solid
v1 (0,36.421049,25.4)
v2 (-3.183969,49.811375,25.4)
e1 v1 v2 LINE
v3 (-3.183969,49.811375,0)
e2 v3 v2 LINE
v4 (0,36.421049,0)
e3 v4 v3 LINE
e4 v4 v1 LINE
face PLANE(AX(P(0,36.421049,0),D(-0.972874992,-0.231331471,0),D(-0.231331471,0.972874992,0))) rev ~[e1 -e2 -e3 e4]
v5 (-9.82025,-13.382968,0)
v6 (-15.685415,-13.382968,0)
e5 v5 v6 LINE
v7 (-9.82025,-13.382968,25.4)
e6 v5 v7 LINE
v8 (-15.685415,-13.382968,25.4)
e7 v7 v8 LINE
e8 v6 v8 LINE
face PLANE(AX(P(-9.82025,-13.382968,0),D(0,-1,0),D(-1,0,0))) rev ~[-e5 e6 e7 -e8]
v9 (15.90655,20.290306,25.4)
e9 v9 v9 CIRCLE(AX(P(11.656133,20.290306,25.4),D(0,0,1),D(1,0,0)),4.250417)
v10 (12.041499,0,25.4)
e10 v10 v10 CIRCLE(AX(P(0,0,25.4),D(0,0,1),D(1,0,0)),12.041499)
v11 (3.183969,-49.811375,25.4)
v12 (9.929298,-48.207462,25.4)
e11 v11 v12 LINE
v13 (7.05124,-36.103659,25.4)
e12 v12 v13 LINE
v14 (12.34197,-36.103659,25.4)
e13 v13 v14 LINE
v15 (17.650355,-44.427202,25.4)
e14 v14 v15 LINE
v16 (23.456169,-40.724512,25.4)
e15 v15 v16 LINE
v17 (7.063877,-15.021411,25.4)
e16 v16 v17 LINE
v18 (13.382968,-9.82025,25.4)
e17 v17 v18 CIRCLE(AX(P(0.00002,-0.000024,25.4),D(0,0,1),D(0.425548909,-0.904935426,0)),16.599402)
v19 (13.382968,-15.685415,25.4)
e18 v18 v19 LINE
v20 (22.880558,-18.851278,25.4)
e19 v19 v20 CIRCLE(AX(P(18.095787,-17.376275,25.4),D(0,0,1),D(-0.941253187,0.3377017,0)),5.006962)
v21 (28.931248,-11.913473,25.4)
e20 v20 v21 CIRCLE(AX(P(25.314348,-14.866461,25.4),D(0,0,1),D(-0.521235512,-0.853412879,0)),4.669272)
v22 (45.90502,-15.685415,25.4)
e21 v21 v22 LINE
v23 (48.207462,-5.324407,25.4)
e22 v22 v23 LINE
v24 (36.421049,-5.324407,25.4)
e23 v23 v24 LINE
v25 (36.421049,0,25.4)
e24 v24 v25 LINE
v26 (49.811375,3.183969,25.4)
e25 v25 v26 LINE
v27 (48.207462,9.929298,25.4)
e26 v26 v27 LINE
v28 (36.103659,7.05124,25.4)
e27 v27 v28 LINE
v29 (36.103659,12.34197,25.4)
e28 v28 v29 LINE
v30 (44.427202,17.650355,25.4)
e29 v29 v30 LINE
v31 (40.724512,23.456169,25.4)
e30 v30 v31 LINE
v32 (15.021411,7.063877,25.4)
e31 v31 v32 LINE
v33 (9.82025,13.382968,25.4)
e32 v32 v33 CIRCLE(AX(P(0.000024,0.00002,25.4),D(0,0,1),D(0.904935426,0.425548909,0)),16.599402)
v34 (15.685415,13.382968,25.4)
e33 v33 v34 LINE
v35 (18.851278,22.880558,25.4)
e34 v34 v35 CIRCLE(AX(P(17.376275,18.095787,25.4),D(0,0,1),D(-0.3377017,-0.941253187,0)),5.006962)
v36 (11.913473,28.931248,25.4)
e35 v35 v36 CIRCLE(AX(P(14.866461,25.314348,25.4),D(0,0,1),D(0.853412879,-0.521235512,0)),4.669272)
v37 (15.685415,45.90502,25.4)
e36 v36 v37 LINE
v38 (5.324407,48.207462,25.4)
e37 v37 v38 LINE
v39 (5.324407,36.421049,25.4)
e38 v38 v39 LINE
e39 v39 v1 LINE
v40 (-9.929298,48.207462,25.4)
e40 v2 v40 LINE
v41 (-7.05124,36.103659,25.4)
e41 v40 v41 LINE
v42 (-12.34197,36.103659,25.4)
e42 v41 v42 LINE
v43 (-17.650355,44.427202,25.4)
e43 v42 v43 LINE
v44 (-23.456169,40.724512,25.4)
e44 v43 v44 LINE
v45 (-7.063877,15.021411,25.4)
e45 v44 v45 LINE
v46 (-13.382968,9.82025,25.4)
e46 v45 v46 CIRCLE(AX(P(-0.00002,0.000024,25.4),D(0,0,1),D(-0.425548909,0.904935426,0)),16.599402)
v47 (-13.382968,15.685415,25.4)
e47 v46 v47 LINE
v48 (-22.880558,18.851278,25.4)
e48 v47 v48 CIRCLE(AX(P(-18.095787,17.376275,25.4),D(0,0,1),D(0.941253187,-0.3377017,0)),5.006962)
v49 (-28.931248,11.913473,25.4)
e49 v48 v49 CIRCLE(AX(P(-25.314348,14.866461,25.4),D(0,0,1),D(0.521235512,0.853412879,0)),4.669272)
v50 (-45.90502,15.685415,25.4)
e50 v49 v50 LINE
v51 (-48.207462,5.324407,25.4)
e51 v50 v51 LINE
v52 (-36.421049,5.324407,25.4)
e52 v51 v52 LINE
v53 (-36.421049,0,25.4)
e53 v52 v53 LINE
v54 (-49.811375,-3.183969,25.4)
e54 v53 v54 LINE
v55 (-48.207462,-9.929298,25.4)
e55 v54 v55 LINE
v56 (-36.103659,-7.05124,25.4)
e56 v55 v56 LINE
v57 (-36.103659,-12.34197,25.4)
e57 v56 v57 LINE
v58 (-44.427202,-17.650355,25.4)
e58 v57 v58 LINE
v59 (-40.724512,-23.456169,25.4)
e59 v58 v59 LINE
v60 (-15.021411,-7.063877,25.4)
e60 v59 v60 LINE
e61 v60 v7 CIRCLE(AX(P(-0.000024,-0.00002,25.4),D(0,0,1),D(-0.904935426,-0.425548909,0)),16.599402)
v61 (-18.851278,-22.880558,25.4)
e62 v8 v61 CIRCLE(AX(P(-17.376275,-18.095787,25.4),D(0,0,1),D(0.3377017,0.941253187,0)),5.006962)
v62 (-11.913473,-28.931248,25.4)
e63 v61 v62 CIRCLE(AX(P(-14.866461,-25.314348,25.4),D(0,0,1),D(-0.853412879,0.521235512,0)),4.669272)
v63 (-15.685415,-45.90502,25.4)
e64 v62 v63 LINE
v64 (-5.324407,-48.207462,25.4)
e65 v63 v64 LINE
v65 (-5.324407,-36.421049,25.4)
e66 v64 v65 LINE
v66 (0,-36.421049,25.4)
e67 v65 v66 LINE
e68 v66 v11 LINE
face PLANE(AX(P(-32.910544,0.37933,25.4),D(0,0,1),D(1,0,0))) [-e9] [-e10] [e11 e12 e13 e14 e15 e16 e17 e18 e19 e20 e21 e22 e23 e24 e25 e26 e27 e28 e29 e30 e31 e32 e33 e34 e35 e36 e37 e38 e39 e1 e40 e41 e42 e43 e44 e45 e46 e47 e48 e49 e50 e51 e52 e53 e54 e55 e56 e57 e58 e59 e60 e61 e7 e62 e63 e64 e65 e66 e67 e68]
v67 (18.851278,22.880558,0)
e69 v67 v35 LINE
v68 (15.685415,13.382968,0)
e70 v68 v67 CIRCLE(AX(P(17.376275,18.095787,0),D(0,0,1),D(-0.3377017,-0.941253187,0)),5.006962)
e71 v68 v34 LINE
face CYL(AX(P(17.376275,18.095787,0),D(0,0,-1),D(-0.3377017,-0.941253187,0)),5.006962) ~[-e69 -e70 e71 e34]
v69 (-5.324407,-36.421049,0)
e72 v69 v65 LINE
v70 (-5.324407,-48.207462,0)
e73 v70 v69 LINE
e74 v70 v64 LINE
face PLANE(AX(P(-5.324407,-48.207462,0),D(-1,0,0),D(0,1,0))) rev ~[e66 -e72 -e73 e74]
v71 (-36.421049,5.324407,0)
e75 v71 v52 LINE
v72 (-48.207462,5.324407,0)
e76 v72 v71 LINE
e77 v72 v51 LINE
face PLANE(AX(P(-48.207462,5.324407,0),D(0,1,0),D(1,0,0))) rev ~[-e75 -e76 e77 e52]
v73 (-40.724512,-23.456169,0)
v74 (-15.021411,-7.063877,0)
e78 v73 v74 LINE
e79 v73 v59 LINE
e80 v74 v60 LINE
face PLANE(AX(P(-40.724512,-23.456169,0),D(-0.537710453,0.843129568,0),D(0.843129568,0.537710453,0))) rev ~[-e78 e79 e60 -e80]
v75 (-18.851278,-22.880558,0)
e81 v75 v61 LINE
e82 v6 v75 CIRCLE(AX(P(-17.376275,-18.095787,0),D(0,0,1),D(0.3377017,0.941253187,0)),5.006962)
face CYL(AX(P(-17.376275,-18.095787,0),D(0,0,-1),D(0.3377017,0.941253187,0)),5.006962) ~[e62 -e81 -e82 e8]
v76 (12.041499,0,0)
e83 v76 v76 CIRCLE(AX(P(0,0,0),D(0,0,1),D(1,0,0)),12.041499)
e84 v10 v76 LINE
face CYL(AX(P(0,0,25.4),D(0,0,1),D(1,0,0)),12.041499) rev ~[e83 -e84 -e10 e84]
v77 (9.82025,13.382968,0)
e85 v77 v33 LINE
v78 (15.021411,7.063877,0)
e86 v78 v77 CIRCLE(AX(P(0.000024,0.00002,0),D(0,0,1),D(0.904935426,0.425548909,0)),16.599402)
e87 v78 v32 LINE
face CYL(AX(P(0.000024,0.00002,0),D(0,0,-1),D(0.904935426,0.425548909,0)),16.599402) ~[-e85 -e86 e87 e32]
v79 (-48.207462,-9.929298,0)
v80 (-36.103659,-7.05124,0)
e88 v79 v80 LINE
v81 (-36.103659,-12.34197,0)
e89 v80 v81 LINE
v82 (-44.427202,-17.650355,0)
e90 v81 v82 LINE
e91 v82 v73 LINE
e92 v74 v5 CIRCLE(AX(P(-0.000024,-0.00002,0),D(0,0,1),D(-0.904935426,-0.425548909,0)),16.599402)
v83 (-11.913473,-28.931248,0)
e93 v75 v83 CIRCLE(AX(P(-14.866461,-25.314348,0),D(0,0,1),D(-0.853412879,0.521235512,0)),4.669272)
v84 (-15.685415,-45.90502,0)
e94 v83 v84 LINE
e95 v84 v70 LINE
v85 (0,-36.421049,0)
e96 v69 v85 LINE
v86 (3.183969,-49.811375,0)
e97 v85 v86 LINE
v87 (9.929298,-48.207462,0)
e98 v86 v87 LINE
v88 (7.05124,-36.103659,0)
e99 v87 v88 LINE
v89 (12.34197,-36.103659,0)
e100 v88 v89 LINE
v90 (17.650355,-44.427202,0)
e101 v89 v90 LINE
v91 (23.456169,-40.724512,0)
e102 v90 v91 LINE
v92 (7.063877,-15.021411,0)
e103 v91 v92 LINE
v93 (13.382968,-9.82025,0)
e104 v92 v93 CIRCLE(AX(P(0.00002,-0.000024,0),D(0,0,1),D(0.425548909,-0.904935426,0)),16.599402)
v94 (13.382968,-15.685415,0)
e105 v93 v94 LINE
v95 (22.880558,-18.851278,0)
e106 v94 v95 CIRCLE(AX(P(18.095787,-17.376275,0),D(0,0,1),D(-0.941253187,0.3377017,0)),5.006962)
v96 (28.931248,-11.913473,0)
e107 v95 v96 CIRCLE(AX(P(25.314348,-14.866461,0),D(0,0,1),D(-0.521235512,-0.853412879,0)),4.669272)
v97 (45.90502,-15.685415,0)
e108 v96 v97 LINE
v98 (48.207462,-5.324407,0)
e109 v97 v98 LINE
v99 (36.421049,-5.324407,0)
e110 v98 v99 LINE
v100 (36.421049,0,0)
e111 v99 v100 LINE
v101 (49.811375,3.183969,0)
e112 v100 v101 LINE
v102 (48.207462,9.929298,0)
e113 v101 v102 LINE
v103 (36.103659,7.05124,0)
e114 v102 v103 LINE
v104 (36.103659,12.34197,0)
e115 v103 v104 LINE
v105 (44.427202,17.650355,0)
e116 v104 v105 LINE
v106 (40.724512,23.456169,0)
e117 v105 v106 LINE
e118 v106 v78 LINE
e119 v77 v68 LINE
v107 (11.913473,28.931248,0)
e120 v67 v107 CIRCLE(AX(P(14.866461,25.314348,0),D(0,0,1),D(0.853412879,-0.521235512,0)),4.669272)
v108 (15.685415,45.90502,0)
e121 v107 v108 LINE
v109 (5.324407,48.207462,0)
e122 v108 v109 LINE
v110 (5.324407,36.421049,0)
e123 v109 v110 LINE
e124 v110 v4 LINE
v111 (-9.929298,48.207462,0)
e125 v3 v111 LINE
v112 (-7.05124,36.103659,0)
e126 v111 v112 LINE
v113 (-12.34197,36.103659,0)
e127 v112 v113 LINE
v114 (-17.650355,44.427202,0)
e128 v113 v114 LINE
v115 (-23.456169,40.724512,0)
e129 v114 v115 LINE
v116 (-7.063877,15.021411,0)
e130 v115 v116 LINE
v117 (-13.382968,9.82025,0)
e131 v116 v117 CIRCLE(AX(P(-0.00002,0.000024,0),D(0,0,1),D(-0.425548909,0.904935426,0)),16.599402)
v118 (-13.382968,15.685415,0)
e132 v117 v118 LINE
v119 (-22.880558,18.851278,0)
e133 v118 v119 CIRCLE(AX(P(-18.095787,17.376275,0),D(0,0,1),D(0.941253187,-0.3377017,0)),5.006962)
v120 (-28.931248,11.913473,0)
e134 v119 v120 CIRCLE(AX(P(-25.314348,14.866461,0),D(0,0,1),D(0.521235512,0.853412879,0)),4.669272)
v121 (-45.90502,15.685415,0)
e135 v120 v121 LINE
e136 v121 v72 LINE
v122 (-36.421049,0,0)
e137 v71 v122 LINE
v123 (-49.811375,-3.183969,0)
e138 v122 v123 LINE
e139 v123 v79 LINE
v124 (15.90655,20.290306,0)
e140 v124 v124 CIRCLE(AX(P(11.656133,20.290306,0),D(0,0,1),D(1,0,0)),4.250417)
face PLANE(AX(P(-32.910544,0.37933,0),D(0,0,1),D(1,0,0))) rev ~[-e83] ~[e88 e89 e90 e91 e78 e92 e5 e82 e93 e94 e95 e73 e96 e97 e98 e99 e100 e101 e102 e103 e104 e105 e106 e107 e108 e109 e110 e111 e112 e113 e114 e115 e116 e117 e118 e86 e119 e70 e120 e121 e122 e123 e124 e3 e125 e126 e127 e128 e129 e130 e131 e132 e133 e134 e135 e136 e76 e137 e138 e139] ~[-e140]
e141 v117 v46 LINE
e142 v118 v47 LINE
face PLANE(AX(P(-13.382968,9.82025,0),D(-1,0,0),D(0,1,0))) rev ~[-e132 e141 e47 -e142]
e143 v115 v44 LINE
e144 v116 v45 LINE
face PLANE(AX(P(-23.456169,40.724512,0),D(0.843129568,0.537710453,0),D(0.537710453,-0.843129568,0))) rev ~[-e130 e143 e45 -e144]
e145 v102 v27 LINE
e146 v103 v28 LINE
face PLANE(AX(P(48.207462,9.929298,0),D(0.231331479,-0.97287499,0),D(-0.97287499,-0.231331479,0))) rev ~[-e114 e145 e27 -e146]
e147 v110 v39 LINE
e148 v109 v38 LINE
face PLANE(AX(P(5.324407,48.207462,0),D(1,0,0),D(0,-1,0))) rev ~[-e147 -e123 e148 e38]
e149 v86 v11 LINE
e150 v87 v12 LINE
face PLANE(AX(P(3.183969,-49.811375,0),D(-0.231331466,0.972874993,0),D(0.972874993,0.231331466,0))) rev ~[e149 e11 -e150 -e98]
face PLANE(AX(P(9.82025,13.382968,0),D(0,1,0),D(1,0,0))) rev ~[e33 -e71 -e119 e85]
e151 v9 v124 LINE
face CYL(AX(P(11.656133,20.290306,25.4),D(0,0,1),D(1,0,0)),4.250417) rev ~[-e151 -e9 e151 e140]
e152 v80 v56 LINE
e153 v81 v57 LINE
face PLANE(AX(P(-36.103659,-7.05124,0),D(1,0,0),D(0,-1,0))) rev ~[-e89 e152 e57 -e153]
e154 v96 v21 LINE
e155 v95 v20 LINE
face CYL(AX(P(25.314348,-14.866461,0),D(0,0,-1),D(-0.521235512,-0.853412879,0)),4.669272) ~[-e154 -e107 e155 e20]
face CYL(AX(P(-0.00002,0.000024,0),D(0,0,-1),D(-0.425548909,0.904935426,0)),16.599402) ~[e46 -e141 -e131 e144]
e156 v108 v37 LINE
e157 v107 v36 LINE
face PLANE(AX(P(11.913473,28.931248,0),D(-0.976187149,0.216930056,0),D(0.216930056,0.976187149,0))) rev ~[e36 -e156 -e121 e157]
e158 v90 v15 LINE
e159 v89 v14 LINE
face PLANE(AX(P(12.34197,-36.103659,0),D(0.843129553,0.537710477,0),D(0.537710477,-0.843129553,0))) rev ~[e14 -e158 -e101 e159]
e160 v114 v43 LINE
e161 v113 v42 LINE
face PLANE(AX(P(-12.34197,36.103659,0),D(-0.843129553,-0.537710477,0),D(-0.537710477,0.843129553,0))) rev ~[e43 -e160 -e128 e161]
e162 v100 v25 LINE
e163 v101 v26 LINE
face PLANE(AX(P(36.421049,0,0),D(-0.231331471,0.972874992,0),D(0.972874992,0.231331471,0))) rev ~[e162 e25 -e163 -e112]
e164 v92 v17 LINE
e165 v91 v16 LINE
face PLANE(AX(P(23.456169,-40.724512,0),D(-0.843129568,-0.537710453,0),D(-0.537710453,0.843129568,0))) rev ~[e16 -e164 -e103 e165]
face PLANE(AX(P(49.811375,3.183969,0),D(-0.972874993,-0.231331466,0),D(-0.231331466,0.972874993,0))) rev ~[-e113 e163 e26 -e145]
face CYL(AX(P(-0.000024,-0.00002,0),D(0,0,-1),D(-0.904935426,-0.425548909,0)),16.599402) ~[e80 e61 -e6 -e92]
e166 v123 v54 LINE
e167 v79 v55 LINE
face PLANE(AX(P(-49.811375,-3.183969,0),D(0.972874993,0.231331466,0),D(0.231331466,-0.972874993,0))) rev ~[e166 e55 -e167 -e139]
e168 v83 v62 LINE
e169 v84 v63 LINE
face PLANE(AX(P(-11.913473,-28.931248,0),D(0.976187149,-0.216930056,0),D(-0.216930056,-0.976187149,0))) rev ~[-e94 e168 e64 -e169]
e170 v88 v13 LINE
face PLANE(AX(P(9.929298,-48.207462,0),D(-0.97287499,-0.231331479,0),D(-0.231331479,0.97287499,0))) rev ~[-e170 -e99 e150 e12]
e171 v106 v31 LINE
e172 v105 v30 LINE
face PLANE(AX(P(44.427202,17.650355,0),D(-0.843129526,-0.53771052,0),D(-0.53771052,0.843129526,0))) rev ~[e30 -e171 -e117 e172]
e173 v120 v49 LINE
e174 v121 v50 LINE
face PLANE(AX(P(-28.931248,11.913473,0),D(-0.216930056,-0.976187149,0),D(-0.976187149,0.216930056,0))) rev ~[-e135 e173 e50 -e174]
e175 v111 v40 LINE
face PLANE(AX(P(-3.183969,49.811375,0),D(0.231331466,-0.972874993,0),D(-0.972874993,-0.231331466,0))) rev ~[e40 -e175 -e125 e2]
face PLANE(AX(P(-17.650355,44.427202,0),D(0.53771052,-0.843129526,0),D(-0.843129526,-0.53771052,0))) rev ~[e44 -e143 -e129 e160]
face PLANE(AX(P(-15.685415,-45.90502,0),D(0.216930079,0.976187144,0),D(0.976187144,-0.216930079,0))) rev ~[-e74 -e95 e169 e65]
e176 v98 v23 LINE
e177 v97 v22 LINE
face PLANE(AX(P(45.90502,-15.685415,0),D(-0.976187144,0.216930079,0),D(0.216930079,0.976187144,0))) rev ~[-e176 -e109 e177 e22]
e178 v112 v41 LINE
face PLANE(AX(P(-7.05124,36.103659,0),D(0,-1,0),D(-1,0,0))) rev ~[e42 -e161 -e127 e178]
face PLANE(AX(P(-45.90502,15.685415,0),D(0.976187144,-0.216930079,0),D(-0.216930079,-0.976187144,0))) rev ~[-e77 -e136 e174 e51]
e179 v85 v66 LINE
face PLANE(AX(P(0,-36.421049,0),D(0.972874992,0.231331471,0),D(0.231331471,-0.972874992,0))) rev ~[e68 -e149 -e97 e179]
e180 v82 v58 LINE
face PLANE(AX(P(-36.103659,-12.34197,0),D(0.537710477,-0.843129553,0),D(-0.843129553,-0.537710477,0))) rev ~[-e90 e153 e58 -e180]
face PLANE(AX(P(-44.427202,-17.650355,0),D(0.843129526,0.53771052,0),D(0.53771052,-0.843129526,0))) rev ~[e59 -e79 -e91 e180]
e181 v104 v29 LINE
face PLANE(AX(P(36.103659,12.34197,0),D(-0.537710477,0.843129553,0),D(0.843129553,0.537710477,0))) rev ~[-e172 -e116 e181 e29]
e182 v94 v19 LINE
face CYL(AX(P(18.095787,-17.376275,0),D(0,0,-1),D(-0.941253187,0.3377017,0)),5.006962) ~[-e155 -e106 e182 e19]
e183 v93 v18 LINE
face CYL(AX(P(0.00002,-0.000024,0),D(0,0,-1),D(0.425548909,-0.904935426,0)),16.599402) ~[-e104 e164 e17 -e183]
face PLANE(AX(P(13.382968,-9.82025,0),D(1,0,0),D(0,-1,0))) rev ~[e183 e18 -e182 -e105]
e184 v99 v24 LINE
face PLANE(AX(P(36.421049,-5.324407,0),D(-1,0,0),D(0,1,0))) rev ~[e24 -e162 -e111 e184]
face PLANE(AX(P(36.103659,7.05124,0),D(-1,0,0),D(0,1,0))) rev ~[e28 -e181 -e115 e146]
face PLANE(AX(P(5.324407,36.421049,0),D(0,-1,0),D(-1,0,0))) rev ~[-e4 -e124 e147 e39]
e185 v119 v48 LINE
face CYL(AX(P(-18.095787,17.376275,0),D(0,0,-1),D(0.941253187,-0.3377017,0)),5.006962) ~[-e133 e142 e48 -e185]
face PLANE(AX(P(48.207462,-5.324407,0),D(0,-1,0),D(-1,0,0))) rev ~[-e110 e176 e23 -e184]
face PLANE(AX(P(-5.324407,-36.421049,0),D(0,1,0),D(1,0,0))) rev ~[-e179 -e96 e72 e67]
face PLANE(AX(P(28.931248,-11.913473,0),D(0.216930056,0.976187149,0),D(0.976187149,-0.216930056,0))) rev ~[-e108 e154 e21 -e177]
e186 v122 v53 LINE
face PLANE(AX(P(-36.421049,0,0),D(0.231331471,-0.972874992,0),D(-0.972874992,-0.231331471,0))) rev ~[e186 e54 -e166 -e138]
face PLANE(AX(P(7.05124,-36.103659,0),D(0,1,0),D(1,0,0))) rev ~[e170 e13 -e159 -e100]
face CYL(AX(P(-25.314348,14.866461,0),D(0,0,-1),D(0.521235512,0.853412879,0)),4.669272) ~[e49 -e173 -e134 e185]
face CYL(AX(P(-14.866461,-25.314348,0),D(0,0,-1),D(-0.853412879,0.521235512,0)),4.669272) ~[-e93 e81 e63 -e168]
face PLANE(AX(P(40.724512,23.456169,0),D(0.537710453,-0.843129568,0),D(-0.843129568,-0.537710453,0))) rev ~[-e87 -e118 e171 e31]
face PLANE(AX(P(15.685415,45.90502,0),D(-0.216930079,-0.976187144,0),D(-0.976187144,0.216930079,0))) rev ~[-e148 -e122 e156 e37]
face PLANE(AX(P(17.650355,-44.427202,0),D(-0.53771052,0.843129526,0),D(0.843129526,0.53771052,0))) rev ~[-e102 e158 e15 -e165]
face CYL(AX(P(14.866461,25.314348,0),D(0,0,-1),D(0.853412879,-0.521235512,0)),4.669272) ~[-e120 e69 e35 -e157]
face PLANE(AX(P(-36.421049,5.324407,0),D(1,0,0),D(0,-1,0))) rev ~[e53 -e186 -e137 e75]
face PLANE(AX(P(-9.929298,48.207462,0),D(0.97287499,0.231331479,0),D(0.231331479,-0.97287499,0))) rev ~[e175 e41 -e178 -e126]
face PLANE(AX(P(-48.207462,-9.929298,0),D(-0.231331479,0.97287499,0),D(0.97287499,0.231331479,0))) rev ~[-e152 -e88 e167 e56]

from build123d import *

# Parameters (mm, degrees)
F1_DEPTH = 25.4
F2_R     = 12.041499
F3_DEPTH = 25.4
F4_R     = 4.250417
F5_DEPTH = 25.401


with BuildPart() as f1:
    # F0 (on Top) → F1 (new body)
    with BuildSketch(Plane.XY):
        with BuildLine():
            ThreePointArc((-15.021411, -7.063877), (-16.521823, 1.603285), (-13.382968, 9.82025))
            Line((-13.382968, 9.82025), (-13.382968, 15.685415))
            ThreePointArc((-13.382968, 15.685415), (-16.512447, 22.126296), (-22.880558, 18.851278))
            ThreePointArc((-22.880558, 18.851278), (-28.833329, 17.93548), (-28.931248, 11.913473))
            Line((-28.931248, 11.913473), (-45.90502, 15.685415))
            Line((-45.90502, 15.685415), (-48.207462, 5.324407))
            Line((-48.207462, 5.324407), (-36.421049, 5.324407))
            Line((-36.421049, 5.324407), (-36.421049, 0))
            Line((-36.421049, 0), (-49.811375, -3.183969))
            Line((-49.811375, -3.183969), (-48.207462, -9.929298))
            Line((-48.207462, -9.929298), (-36.103659, -7.05124))
            Line((-36.103659, -7.05124), (-36.103659, -12.34197))
            Line((-36.103659, -12.34197), (-44.427202, -17.650355))
            Line((-44.427202, -17.650355), (-40.724512, -23.456169))
            Line((-40.724512, -23.456169), (-15.021411, -7.063877))
        make_face()
        with BuildLine():
            ThreePointArc((13.382968, -9.82025), (15.774835, -5.166792), (16.599433, 0))
            ThreePointArc((16.599433, 0), (16.200124, 3.618995), (15.021411, 7.063877))
            ThreePointArc((15.021411, 7.063877), (12.816387, 10.549), (9.82025, 13.382968))
            ThreePointArc((9.82025, 13.382968), (1.603285, 16.521823), (-7.063877, 15.021411))
            ThreePointArc((-7.063877, 15.021411), (-10.549, 12.816387), (-13.382968, 9.82025))
            ThreePointArc((-13.382968, 9.82025), (-16.521823, 1.603285), (-15.021411, -7.063877))
            ThreePointArc((-15.021411, -7.063877), (-12.816387, -10.549), (-9.82025, -13.382968))
            ThreePointArc((-9.82025, -13.382968), (-1.603285, -16.521823), (7.063877, -15.021411))
            ThreePointArc((7.063877, -15.021411), (10.549, -12.816387), (13.382968, -9.82025))
        make_face()
        with BuildLine():
            ThreePointArc((15.021411, 7.063877), (16.200124, 3.618995), (16.599433, 0))
            ThreePointArc((16.599433, 0), (15.774835, -5.166792), (13.382968, -9.82025))
            Line((13.382968, -9.82025), (13.382968, -15.685415))
            ThreePointArc((13.382968, -15.685415), (16.512447, -22.126296), (22.880558, -18.851278))
            ThreePointArc((22.880558, -18.851278), (28.833329, -17.93548), (28.931248, -11.913473))
            Line((28.931248, -11.913473), (45.90502, -15.685415))
            Line((45.90502, -15.685415), (48.207462, -5.324407))
            Line((48.207462, -5.324407), (36.421049, -5.324407))
            Line((36.421049, -5.324407), (36.421049, 0))
            Line((36.421049, 0), (49.811375, 3.183969))
            Line((49.811375, 3.183969), (48.207462, 9.929298))
            Line((48.207462, 9.929298), (36.103659, 7.05124))
            Line((36.103659, 7.05124), (36.103659, 12.34197))
            Line((36.103659, 12.34197), (44.427202, 17.650355))
            Line((44.427202, 17.650355), (40.724512, 23.456169))
            Line((40.724512, 23.456169), (15.021411, 7.063877))
        make_face()
        with BuildLine():
            Line((23.456169, -40.724512), (7.063877, -15.021411))
            ThreePointArc((7.063877, -15.021411), (-1.603285, -16.521823), (-9.82025, -13.382968))
            Line((-9.82025, -13.382968), (-15.685415, -13.382968))
            ThreePointArc((-15.685415, -13.382968), (-22.126296, -16.512447), (-18.851278, -22.880558))
            ThreePointArc((-18.851278, -22.880558), (-17.93548, -28.833329), (-11.913473, -28.931248))
            Line((-11.913473, -28.931248), (-15.685415, -45.90502))
            Line((-15.685415, -45.90502), (-5.324407, -48.207462))
            Line((-5.324407, -48.207462), (-5.324407, -36.421049))
            Line((-5.324407, -36.421049), (0, -36.421049))
            Line((0, -36.421049), (3.183969, -49.811375))
            Line((3.183969, -49.811375), (9.929298, -48.207462))
            Line((9.929298, -48.207462), (7.05124, -36.103659))
            Line((7.05124, -36.103659), (12.34197, -36.103659))
            Line((12.34197, -36.103659), (17.650355, -44.427202))
            Line((17.650355, -44.427202), (23.456169, -40.724512))
        make_face()
        with BuildLine():
            ThreePointArc((-7.063877, 15.021411), (1.603285, 16.521823), (9.82025, 13.382968))
            Line((9.82025, 13.382968), (15.685415, 13.382968))
            ThreePointArc((15.685415, 13.382968), (22.126296, 16.512447), (18.851278, 22.880558))
            ThreePointArc((18.851278, 22.880558), (17.93548, 28.833329), (11.913473, 28.931248))
            Line((11.913473, 28.931248), (15.685415, 45.90502))
            Line((15.685415, 45.90502), (5.324407, 48.207462))
            Line((5.324407, 48.207462), (5.324407, 36.421049))
            Line((5.324407, 36.421049), (0, 36.421049))
            Line((0, 36.421049), (-3.183969, 49.811375))
            Line((-3.183969, 49.811375), (-9.929298, 48.207462))
            Line((-9.929298, 48.207462), (-7.05124, 36.103659))
            Line((-7.05124, 36.103659), (-12.34197, 36.103659))
            Line((-12.34197, 36.103659), (-17.650355, 44.427202))
            Line((-17.650355, 44.427202), (-23.456169, 40.724512))
            Line((-23.456169, 40.724512), (-7.063877, 15.021411))
        make_face()
    extrude(amount=F1_DEPTH)

    # F2 (on face) → F3 (cut)
    with BuildSketch(Plane.XY.offset(25.4)):
        Circle(F2_R)
    extrude(amount=-F3_DEPTH, mode=Mode.SUBTRACT)

    # F4 (on face) → F5 (cut, through all)
    with BuildSketch(Plane.XY.offset(25.4)):
        with Locations((11.656133, 20.290306)):
            Circle(F4_R)
    extrude(amount=-F5_DEPTH, mode=Mode.SUBTRACT)


solid = f1.part
